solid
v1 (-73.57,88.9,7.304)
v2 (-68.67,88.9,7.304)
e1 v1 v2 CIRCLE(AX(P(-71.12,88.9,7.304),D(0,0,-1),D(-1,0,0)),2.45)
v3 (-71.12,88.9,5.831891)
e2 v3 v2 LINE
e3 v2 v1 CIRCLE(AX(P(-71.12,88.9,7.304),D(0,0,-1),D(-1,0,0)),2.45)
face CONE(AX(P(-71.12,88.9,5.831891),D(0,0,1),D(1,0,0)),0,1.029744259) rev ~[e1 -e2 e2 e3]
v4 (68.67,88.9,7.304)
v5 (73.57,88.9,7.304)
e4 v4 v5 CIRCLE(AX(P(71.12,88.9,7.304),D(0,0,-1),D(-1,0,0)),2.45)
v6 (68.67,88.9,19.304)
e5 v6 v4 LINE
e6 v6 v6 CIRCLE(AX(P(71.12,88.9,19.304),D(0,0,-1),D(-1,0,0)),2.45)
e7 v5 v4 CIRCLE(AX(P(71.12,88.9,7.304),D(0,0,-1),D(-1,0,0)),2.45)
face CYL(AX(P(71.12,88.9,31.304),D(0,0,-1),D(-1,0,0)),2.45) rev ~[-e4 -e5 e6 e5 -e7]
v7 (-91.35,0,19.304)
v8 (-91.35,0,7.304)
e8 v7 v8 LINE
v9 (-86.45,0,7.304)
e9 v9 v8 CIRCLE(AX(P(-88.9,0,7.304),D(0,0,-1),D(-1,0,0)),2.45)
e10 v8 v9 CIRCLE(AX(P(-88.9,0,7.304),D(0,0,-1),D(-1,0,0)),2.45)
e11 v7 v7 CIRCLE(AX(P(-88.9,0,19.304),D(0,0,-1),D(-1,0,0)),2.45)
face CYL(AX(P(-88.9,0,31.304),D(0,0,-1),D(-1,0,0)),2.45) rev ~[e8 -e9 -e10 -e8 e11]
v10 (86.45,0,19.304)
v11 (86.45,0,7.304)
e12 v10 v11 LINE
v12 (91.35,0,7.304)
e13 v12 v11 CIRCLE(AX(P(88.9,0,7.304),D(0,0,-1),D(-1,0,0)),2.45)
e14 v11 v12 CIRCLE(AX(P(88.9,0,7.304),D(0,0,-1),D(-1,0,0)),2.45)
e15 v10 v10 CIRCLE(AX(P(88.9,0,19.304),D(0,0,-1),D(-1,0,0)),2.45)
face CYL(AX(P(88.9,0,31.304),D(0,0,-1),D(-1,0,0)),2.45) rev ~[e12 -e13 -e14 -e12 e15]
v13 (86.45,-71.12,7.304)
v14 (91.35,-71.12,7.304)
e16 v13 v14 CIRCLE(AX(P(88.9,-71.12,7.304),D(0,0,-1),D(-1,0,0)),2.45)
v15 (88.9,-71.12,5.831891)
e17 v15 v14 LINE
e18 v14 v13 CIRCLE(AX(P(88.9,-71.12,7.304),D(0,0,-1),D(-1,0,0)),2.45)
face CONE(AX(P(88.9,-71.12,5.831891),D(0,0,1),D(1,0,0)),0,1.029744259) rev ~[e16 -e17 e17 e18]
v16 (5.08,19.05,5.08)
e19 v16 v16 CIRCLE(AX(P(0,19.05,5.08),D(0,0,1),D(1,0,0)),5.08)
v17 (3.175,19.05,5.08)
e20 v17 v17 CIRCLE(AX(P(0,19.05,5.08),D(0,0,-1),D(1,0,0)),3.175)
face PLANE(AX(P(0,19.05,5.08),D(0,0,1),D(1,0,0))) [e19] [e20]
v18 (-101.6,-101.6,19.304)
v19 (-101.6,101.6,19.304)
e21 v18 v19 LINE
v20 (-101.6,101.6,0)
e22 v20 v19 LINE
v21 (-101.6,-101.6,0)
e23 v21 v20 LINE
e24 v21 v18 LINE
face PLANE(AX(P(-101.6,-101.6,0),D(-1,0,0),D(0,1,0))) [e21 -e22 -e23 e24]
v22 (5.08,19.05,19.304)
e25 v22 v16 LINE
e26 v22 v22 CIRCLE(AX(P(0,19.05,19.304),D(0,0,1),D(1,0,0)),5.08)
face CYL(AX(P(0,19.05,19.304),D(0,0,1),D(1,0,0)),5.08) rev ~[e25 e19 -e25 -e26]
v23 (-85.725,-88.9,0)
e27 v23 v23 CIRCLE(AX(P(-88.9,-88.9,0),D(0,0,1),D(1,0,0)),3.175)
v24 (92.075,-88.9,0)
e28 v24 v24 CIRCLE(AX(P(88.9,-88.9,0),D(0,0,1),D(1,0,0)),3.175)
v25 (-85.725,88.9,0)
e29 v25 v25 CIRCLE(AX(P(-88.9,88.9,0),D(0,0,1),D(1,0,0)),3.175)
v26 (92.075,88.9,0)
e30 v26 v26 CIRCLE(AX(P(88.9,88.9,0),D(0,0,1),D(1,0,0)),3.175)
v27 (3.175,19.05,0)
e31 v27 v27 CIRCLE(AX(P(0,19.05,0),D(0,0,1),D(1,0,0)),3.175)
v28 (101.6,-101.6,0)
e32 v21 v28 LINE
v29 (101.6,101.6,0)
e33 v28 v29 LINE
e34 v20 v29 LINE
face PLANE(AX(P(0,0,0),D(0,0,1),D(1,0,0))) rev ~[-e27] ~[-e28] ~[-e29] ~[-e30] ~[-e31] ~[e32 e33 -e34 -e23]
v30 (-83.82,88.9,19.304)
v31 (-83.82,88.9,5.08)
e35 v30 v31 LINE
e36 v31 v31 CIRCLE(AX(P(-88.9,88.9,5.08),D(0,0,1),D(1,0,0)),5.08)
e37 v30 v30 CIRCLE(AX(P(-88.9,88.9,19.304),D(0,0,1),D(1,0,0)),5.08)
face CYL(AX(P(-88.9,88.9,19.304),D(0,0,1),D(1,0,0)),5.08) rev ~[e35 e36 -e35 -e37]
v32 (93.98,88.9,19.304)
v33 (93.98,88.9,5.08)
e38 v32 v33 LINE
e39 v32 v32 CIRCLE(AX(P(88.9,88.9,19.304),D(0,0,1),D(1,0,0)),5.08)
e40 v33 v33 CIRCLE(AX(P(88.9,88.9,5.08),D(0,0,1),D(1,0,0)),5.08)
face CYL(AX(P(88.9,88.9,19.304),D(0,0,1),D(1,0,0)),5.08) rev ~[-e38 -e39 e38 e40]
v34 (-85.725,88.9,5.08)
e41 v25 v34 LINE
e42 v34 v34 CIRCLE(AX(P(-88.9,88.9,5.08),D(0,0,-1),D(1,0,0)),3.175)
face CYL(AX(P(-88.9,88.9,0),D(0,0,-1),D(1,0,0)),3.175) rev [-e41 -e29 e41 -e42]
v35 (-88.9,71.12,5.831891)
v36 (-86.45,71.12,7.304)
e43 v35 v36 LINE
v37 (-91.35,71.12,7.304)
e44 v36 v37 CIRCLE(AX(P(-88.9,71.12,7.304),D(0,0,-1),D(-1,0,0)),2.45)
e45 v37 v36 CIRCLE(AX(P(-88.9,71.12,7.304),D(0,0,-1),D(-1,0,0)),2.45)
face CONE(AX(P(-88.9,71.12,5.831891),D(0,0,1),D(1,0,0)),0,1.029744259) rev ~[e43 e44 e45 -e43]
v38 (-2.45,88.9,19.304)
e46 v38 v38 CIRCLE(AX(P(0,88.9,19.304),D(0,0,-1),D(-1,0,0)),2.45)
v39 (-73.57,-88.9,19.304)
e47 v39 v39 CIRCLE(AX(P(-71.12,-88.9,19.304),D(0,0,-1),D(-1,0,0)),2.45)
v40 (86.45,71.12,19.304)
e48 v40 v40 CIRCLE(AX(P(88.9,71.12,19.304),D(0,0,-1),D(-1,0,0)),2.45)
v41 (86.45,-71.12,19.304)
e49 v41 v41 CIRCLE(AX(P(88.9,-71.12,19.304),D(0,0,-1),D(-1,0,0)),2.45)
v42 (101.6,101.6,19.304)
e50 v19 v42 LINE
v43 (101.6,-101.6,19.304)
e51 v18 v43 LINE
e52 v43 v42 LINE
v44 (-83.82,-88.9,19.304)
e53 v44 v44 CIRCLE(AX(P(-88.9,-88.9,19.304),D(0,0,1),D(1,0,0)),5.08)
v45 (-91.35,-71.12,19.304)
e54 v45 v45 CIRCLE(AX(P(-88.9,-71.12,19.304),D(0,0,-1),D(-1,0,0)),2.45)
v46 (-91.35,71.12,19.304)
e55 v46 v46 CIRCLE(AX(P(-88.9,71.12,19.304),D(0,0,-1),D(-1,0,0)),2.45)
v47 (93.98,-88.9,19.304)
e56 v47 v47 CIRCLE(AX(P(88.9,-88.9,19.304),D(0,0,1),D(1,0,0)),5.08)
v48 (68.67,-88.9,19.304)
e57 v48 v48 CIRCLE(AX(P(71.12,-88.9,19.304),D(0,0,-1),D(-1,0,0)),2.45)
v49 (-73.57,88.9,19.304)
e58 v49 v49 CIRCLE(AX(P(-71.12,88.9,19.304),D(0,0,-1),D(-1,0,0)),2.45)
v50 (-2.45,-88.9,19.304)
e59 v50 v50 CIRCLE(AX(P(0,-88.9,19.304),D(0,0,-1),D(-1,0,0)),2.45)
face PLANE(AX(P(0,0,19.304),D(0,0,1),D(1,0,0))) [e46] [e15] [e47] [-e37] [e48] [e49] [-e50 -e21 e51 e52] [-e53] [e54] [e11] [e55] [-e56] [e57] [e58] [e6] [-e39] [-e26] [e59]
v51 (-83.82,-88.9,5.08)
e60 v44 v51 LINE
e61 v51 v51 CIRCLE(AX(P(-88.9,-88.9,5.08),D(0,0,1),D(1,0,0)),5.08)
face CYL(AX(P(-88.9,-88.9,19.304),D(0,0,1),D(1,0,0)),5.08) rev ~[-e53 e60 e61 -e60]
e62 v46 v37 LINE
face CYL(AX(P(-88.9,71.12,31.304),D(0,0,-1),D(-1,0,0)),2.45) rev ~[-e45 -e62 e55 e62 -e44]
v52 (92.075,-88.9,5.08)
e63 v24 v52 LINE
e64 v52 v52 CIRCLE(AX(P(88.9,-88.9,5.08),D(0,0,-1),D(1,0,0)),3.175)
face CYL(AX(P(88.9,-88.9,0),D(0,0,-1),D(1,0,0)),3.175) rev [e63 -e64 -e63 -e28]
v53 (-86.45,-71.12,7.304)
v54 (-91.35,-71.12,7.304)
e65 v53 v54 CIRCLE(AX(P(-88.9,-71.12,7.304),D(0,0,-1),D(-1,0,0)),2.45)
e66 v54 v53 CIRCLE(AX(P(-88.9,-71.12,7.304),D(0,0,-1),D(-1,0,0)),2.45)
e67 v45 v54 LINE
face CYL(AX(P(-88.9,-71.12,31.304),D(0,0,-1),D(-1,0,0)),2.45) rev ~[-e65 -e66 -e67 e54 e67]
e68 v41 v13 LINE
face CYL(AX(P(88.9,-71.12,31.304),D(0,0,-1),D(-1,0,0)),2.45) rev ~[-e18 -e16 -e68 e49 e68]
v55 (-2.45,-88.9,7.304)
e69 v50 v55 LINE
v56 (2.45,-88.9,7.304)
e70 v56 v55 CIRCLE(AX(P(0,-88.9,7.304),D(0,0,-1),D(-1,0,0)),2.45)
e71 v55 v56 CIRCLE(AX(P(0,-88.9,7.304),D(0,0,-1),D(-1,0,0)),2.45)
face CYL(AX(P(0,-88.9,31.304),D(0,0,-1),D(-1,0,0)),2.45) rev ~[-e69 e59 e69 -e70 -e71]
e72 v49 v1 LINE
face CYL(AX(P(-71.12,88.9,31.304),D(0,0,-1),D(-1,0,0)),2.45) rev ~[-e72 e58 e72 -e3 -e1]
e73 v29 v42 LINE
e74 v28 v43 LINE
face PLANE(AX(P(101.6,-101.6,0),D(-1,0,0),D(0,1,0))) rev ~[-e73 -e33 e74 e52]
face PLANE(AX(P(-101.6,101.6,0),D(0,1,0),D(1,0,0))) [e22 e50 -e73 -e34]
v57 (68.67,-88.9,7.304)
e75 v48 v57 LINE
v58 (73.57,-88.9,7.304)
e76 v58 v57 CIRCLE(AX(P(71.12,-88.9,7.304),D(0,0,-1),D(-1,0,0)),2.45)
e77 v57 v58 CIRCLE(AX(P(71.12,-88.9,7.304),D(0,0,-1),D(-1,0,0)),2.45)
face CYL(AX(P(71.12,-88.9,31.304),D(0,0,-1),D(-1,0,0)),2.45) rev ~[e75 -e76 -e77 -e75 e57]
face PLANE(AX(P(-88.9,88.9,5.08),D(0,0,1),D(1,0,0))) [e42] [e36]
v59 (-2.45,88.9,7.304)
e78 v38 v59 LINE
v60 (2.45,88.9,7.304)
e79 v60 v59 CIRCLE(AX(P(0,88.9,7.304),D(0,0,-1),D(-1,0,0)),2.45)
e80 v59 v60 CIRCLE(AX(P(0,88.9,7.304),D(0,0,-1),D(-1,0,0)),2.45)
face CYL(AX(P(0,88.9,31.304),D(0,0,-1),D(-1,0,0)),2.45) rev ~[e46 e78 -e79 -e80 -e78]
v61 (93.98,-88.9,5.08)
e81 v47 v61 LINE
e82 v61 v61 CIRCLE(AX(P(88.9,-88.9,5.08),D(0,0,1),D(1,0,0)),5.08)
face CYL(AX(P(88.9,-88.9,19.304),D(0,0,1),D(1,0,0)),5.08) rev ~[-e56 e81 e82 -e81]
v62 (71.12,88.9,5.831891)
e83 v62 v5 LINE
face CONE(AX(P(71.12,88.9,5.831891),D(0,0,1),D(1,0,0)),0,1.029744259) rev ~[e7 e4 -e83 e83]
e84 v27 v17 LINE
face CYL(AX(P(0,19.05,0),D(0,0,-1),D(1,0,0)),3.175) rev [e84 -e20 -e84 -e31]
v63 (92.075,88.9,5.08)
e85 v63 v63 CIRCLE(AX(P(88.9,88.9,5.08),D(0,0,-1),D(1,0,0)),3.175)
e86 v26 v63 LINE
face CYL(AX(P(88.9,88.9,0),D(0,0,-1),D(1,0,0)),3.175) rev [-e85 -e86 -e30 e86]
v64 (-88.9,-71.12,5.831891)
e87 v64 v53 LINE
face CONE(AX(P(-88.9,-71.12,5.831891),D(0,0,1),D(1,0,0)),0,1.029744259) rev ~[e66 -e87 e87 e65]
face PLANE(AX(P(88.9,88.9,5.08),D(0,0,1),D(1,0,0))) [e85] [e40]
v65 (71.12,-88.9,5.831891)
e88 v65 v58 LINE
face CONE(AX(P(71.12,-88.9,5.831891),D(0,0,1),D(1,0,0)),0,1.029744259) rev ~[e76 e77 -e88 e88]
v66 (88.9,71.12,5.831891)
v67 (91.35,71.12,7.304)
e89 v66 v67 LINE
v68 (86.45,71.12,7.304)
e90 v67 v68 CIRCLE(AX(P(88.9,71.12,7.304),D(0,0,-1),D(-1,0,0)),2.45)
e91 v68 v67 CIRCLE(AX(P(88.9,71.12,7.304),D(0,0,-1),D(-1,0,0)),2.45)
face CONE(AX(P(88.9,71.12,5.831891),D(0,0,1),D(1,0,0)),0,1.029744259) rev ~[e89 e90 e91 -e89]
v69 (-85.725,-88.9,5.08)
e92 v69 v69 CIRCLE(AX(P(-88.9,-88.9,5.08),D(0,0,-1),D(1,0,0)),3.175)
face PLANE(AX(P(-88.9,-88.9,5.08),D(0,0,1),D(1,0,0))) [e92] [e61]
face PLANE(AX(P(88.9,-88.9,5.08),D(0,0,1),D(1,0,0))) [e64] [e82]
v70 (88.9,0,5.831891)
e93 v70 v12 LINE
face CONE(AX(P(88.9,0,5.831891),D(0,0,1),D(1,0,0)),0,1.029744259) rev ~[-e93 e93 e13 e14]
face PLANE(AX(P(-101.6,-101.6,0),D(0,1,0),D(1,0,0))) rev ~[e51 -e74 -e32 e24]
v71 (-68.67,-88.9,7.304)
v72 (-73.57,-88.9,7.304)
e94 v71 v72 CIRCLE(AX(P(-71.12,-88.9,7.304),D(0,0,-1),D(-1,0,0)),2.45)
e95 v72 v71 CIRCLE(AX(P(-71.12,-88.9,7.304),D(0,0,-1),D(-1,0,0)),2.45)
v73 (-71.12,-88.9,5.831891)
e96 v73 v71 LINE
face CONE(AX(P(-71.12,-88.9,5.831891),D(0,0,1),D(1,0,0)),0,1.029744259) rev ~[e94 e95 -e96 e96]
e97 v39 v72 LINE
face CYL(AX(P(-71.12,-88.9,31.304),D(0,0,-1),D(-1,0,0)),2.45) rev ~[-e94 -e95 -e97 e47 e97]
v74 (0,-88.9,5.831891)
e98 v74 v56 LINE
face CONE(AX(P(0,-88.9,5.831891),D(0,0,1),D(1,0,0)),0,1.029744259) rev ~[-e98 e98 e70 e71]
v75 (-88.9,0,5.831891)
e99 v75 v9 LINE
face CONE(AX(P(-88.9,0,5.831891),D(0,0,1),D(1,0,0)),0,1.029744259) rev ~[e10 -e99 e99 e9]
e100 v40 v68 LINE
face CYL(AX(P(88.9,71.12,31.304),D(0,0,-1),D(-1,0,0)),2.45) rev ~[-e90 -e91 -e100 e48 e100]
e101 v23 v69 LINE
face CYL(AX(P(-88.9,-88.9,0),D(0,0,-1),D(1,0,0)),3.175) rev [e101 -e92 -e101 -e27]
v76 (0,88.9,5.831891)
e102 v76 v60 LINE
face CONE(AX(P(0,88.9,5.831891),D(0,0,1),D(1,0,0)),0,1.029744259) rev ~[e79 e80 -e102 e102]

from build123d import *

# Parameters (mm, degrees)
F0_W     = 203.2
F0_H     = 203.2
F0_R     = 3.175
F1_DEPTH = 19.304
F2_R     = 5.08
F4_DEPTH = 14.224
F5_D     = 4.9
F5_DEPTH = 12
F5_TIP   = 1.4721085166


with BuildPart() as f1:
    # F0 (on Top) → F1 (new body)
    with BuildSketch(Plane.XY):
        Rectangle(F0_W, F0_H)
        with Locations((-88.9, -88.9)):
            Circle(F0_R, mode=Mode.SUBTRACT)
        with Locations((88.9, -88.9)):
            Circle(F0_R, mode=Mode.SUBTRACT)
        with Locations((0, 19.05)):
            Circle(F0_R, mode=Mode.SUBTRACT)
        with Locations((-88.9, 88.9)):
            Circle(F0_R, mode=Mode.SUBTRACT)
        with Locations((88.9, 88.9)):
            Circle(F0_R, mode=Mode.SUBTRACT)
    extrude(amount=F1_DEPTH)

    # F2 (on face) → F4 (cut, through all)
    with BuildSketch(Plane.XY.offset(19.304)):
        with Locations((-88.9, 88.9)):
            Circle(F2_R)
        with Locations((0, 19.05)):
            Circle(F2_R)
        with Locations((88.9, 88.9)):
            Circle(F2_R)
        with Locations((-88.9, -88.9)):
            Circle(F2_R)
        with Locations((88.9, -88.9)):
            Circle(F2_R)
    extrude(amount=-F4_DEPTH, mode=Mode.SUBTRACT)

    # F5
    with Locations(Plane.XY.offset(19.304)):
        with Locations((0, -88.9), (88.9, 0), (0, 88.9), (-88.9, 0), (-88.9, -71.12), (-71.12, -88.9), (-88.9, 71.12), (-71.12, 88.9), (71.12, 88.9), (88.9, 71.12), (88.9, -71.12), (71.12, -88.9)):
            Hole(F5_D / 2, depth=F5_DEPTH)
            with Locations((0, 0, -(F5_DEPTH + F5_TIP / 2))):  # 118° drill point
                Cone(0, F5_D / 2, F5_TIP, mode=Mode.SUBTRACT)


solid = f1.part
